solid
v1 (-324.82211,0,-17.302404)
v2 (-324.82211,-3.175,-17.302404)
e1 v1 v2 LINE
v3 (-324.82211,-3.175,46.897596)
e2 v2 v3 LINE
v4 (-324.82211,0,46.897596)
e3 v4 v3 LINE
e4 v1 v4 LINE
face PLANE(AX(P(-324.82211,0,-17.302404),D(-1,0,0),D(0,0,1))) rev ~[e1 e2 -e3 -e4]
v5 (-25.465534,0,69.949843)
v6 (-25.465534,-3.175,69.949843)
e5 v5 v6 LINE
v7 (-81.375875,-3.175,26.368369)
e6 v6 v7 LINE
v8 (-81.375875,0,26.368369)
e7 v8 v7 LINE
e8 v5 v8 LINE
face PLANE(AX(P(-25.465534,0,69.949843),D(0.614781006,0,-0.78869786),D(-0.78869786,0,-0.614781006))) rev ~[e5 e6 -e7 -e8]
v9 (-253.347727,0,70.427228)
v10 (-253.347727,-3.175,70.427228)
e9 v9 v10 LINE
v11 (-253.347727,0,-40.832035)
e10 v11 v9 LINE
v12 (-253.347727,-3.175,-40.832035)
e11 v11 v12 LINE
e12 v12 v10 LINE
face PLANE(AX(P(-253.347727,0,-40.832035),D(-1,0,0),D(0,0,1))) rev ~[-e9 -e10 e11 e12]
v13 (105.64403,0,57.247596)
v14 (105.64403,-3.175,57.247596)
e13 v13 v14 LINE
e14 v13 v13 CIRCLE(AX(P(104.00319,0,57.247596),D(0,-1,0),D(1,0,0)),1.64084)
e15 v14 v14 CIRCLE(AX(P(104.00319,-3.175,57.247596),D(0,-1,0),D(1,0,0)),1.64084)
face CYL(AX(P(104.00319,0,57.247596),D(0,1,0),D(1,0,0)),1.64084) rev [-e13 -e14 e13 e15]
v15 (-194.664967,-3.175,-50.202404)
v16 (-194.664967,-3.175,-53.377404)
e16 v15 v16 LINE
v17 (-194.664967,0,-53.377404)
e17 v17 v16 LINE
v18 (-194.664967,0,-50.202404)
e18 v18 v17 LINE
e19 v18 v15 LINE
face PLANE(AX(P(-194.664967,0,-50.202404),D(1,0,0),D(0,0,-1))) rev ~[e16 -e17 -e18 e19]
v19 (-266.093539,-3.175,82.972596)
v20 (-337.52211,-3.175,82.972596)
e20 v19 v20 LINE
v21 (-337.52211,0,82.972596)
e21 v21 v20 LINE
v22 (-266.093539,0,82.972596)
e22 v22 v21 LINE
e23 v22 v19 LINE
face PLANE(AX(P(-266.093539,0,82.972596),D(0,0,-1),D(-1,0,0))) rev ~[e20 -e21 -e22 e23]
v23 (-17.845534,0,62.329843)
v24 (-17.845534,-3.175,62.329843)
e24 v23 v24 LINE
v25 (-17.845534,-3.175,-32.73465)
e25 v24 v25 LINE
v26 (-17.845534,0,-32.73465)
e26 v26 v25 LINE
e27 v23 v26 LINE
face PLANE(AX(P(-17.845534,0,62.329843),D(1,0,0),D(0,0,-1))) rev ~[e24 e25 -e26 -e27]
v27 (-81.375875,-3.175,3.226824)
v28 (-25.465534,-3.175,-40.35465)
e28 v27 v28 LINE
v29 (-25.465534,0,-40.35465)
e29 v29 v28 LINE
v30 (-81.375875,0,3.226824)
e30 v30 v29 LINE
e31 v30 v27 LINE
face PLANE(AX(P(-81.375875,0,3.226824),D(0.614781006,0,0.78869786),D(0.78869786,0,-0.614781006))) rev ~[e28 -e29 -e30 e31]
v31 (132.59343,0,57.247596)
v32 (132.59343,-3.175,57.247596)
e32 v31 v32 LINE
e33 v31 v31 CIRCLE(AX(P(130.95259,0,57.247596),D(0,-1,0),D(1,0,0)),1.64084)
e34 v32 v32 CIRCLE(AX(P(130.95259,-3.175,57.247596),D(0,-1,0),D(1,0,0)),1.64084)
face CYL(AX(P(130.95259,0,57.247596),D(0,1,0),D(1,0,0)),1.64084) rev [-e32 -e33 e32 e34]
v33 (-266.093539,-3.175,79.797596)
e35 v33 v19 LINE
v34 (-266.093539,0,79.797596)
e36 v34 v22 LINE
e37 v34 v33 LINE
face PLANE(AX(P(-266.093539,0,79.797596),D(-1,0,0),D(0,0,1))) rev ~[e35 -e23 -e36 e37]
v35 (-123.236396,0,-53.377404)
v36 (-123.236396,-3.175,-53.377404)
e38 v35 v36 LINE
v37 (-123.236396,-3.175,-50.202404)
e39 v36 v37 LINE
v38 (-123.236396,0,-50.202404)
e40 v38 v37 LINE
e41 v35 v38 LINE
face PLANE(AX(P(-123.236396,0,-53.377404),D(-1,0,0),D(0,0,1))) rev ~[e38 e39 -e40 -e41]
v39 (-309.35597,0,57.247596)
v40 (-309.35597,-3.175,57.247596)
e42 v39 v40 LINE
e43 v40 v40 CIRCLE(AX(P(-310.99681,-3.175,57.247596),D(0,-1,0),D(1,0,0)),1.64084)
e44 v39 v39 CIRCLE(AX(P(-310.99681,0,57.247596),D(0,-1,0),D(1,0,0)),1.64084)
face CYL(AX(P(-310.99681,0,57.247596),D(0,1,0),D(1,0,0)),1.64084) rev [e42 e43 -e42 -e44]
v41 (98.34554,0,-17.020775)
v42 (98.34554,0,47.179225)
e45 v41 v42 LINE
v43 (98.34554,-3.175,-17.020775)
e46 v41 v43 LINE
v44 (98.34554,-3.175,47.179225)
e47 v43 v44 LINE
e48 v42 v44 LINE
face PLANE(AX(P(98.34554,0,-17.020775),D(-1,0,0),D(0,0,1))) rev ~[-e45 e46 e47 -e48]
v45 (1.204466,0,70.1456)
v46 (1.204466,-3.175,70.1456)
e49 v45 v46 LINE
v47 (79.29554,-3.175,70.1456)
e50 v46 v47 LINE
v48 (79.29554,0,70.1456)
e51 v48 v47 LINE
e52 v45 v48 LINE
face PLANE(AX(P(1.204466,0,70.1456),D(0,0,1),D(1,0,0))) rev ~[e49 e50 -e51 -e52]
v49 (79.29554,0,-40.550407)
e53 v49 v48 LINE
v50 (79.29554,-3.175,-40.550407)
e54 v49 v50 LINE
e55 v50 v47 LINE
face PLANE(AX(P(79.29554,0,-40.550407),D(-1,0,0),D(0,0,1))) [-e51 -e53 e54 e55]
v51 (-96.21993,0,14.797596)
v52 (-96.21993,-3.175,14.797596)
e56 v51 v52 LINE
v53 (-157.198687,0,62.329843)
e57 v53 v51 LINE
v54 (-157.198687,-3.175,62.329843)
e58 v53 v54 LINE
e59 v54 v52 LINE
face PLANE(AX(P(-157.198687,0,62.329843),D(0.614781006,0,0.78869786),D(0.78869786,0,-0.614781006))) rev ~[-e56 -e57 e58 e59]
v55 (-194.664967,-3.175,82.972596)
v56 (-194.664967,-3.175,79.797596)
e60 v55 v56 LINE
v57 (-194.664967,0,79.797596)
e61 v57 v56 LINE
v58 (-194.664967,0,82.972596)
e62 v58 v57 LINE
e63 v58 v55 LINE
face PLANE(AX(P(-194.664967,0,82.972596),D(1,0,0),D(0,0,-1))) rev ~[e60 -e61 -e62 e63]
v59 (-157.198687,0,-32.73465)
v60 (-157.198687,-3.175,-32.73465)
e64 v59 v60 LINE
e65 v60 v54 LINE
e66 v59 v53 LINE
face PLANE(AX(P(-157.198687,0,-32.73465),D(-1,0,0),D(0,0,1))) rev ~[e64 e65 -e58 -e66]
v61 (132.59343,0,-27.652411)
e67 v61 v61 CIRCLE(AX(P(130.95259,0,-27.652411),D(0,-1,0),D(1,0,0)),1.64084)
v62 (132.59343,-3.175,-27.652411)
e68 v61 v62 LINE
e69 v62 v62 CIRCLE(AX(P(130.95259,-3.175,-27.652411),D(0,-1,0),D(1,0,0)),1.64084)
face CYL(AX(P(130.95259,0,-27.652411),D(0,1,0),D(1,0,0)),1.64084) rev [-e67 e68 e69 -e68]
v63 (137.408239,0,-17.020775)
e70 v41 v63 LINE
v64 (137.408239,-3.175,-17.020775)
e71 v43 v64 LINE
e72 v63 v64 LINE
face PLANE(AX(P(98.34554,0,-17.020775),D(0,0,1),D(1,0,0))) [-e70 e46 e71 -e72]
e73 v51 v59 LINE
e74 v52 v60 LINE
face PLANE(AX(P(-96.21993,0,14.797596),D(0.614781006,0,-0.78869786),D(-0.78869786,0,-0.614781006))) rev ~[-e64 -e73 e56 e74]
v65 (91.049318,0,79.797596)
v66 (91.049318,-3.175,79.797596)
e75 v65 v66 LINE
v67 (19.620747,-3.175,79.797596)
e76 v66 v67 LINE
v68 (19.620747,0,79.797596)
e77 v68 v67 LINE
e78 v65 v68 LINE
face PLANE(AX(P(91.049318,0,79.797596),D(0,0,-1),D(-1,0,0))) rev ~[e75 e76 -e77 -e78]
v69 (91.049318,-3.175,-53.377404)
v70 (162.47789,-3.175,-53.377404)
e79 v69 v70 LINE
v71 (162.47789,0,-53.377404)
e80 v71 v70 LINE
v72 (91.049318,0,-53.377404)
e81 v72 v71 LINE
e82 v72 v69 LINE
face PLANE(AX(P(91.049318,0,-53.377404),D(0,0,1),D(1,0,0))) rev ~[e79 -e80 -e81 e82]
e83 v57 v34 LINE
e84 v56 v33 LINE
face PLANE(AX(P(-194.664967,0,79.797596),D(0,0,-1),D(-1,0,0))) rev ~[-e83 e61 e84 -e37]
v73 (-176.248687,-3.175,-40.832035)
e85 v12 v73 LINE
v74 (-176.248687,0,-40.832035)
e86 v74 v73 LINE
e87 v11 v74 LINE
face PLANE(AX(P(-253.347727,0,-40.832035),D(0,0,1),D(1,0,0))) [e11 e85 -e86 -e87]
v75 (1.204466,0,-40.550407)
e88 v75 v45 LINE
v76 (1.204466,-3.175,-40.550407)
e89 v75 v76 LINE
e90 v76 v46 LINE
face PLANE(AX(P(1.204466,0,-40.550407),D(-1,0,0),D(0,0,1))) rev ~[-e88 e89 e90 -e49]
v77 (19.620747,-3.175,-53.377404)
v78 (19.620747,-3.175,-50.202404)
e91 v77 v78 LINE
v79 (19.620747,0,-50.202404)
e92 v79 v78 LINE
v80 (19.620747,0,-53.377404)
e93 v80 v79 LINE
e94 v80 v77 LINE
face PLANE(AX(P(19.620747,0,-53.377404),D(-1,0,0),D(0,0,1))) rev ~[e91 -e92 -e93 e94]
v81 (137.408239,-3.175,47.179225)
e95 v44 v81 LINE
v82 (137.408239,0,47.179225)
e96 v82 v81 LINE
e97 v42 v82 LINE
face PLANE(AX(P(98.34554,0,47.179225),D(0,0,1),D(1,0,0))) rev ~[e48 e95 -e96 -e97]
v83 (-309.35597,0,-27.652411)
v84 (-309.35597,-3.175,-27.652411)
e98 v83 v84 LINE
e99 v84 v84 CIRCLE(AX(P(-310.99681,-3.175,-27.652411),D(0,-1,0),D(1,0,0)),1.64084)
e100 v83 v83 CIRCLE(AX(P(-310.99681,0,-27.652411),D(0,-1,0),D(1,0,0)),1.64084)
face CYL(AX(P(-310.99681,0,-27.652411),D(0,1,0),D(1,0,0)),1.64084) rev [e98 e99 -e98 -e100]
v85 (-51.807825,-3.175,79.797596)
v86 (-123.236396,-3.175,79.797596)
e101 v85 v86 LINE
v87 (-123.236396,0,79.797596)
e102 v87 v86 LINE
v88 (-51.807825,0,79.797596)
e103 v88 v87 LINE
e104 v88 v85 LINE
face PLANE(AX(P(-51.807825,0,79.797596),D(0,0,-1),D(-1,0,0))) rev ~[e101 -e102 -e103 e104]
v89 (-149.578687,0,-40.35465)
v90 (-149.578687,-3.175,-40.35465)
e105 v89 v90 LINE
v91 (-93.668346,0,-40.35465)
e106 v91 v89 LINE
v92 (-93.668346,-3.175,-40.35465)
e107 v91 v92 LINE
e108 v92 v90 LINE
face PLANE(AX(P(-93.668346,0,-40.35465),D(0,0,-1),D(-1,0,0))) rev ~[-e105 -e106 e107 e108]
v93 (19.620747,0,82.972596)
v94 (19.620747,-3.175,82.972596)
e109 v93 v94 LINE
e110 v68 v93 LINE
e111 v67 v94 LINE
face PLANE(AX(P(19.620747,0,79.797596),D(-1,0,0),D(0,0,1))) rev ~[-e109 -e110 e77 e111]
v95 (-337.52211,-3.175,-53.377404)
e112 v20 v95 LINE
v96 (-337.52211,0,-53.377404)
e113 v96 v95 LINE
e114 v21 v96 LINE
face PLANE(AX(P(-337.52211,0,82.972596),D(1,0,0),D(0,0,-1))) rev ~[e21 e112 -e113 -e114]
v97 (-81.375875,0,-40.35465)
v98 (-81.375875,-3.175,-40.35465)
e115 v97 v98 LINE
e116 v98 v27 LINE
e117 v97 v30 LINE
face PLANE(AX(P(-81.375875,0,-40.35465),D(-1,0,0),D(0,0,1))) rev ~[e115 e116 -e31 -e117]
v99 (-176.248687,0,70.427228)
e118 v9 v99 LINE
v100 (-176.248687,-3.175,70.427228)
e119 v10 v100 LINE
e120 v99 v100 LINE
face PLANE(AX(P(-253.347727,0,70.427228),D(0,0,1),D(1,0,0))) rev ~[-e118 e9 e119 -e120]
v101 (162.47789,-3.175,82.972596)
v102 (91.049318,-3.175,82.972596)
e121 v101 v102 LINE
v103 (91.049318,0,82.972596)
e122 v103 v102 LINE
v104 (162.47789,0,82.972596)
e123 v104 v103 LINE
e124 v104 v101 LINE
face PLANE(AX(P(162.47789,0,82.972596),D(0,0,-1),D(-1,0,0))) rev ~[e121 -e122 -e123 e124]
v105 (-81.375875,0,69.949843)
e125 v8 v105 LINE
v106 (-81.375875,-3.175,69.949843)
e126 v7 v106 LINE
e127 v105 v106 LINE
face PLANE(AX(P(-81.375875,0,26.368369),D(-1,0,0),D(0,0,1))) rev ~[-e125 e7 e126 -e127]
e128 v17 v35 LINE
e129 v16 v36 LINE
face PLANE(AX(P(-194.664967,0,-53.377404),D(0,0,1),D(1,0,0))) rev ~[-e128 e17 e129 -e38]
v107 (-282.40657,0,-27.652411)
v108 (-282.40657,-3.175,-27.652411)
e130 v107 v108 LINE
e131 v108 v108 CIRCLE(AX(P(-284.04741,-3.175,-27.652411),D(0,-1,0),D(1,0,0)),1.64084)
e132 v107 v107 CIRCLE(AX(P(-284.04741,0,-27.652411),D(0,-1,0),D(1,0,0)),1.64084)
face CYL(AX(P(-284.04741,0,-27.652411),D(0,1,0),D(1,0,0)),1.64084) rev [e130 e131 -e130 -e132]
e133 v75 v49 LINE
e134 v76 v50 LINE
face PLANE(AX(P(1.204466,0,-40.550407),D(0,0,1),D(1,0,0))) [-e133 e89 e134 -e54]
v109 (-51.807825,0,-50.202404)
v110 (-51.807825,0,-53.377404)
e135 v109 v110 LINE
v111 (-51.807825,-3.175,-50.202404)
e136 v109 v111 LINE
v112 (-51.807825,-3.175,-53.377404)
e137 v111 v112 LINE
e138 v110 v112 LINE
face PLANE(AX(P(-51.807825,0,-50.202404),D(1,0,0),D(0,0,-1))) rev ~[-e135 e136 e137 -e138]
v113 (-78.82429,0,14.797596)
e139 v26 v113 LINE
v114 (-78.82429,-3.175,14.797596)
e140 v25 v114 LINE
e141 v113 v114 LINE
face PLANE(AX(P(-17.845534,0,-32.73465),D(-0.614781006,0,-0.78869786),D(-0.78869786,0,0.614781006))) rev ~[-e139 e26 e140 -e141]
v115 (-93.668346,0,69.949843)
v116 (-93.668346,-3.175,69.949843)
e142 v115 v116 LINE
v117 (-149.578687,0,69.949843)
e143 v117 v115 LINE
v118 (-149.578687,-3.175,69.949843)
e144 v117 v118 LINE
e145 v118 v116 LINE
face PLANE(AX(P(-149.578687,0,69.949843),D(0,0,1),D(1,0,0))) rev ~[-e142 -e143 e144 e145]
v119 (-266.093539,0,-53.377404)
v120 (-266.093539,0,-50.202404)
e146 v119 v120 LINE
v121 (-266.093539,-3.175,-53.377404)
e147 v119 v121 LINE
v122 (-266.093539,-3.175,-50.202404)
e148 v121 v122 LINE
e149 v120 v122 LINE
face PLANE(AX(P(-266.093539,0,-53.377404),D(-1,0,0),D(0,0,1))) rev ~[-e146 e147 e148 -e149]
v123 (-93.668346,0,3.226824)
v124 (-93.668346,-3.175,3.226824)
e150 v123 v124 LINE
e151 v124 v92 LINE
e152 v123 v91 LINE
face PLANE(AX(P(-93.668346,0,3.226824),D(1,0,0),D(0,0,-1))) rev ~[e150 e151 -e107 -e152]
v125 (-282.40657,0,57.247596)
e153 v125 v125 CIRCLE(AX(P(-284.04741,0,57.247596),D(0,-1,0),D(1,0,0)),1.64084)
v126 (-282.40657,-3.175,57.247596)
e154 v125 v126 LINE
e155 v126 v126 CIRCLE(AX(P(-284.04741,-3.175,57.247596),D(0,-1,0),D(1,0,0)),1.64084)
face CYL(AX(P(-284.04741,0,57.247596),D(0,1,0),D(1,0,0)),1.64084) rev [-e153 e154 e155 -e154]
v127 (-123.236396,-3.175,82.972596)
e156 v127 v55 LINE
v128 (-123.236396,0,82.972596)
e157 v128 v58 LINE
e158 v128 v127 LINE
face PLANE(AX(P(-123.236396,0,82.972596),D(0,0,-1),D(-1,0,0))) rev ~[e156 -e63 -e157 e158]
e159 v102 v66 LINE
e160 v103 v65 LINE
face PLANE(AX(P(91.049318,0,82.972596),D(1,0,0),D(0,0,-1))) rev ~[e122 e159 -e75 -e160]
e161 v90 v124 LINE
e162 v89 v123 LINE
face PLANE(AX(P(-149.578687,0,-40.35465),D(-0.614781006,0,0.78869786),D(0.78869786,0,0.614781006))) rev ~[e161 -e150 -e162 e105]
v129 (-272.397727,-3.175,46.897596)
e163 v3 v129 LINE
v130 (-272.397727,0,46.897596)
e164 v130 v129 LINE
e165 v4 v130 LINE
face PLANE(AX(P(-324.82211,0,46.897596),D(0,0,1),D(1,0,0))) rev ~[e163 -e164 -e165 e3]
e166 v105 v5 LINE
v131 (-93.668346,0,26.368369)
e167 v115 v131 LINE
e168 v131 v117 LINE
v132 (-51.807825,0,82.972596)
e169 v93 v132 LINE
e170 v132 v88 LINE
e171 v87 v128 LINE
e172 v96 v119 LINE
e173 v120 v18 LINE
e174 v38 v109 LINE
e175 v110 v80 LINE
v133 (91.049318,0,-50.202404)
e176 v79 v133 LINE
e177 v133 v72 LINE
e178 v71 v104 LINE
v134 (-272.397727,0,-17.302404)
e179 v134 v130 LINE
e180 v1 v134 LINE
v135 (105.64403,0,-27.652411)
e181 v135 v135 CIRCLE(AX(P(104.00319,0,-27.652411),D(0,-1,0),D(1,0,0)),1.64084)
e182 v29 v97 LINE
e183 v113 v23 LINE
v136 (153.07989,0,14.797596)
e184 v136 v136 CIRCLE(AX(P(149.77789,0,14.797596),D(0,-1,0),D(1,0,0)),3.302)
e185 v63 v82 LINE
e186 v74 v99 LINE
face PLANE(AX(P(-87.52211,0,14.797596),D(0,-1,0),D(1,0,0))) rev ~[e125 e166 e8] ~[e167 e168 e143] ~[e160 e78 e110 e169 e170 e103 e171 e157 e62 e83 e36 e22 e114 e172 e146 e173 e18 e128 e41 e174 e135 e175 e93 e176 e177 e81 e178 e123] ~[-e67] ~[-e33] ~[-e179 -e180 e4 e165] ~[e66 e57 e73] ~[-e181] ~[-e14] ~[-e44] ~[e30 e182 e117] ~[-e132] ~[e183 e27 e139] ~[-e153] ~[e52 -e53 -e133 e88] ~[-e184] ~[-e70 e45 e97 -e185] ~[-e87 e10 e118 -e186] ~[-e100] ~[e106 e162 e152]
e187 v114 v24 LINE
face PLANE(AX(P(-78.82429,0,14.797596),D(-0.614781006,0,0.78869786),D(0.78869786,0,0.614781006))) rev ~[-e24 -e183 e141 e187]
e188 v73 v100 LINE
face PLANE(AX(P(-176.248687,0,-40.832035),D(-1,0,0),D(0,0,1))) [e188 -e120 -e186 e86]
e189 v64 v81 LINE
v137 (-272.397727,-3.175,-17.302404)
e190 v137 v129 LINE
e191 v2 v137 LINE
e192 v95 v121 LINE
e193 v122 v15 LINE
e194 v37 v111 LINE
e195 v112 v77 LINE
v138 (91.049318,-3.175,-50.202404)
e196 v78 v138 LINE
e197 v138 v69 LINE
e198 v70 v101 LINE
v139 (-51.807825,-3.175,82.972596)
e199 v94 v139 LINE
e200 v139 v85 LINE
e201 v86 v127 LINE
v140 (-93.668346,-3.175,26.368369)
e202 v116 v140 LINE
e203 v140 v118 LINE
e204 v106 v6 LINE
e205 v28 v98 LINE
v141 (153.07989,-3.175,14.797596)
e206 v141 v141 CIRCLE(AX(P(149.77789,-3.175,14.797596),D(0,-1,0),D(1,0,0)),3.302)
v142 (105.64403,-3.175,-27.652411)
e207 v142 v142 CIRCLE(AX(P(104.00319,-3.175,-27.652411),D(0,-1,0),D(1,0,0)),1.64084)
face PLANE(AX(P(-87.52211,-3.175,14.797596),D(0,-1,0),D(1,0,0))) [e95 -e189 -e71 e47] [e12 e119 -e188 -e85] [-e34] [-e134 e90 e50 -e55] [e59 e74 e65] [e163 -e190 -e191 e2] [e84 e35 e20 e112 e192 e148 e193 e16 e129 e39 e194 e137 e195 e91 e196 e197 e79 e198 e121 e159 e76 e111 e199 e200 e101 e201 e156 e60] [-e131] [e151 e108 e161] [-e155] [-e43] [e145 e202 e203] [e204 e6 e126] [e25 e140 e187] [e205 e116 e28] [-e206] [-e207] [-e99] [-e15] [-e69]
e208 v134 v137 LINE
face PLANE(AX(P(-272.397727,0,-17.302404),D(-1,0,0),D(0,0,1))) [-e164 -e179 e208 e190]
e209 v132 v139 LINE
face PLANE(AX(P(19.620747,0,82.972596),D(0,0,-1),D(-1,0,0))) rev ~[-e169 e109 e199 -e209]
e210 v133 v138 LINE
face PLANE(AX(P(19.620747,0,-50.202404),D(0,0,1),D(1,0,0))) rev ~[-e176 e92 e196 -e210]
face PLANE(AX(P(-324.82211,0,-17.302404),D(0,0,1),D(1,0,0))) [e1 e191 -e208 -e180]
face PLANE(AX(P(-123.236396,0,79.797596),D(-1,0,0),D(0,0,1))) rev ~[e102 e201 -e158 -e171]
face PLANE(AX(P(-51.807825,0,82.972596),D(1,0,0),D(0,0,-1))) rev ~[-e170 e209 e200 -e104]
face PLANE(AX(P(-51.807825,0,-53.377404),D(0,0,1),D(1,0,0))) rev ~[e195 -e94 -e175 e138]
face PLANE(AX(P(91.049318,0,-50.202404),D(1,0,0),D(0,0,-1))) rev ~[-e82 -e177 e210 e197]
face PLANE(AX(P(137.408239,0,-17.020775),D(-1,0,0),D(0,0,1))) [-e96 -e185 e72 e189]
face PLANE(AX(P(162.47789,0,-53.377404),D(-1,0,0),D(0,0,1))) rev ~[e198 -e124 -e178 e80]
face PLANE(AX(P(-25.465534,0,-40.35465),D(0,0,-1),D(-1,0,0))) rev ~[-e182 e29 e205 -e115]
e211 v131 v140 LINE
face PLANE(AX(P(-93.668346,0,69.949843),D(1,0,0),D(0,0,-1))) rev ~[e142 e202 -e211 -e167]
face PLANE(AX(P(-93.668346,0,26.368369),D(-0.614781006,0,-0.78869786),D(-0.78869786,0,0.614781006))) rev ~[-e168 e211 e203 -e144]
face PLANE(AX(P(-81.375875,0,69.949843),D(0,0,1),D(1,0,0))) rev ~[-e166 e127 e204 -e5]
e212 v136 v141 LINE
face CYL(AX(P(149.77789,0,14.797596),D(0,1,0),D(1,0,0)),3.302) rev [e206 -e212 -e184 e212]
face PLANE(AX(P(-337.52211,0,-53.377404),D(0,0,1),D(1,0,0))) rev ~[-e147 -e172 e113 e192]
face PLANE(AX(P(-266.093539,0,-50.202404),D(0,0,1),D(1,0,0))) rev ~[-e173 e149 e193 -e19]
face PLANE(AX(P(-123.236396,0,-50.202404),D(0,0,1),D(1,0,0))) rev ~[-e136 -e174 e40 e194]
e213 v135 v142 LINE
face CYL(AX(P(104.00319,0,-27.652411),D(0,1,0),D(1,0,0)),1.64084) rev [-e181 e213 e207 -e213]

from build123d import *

# Parameters (mm, degrees)
F0_R     = 1.64084
F0_W     = 52.4243835688
F0_H     = 64.2
F0_W_2   = 77.0990398764
F0_H_2   = 111.2592631512
F0_W_3   = 78.0910737813
F0_H_3   = 110.6960067088
F0_W_4   = 39.0626990616
F0_R_2   = 3.302
F1_DEPTH = 3.175


with BuildPart() as f1:
    # F0 (on Front) → F1 (new body)
    with BuildSketch(Plane.XZ):
        Polygon((162.477889657, -53.3774036679), (162.477889657, -50.2024036679), (162.477889657, 79.7975963321), (162.477889657, 82.9725963321), (91.0493182284, 82.9725963321), (91.0493182284, 79.7975963321), (19.6207467998, 79.7975963321), (19.6207467998, 82.9725963321), (-51.8078246287, 82.9725963321), (-51.8078246287, 79.7975963321), (-123.2363960573, 79.7975963321), (-123.2363960573, 82.9725963321), (-194.6649674859, 82.9725963321), (-194.6649674859, 79.7975963321), (-266.0935389144, 79.7975963321), (-266.0935389144, 82.9725963321), (-337.522110343, 82.9725963321), (-337.522110343, 79.7975963321), (-337.522110343, -50.2024036679), (-337.522110343, -53.3774036679), (-266.0935389144, -53.3774036679), (-266.0935389144, -50.2024036679), (-194.6649674859, -50.2024036679), (-194.6649674859, -53.3774036679), (-123.2363960573, -53.3774036679), (-123.2363960573, -50.2024036679), (-51.8078246287, -50.2024036679), (-51.8078246287, -53.3774036679), (19.6207467998, -53.3774036679), (19.6207467998, -50.2024036679), (91.0493182284, -50.2024036679), (91.0493182284, -53.3774036679), align=None)
        with Locations((-310.996810343, -27.6524106679)):
            Circle(F0_R, mode=Mode.SUBTRACT)
        with Locations((-284.047410343, -27.6524106679)):
            Circle(F0_R, mode=Mode.SUBTRACT)
        with Locations((104.003189657, -27.6524106675)):
            Circle(F0_R, mode=Mode.SUBTRACT)
        with Locations((130.952589657, -27.6524106675)):
            Circle(F0_R, mode=Mode.SUBTRACT)
        with Locations((-298.6099185586, 14.7975963321)):
            Rectangle(F0_W, F0_H, mode=Mode.SUBTRACT)
        with Locations((-214.798206836, 14.7975963321)):
            Rectangle(F0_W_2, F0_H_2, mode=Mode.SUBTRACT)
        with Locations((-310.996810343, 57.2475963321)):
            Circle(F0_R, mode=Mode.SUBTRACT)
        with Locations((-284.047410343, 57.2475963321)):
            Circle(F0_R, mode=Mode.SUBTRACT)
        Polygon((-17.8455337882, -32.7346504676), (-17.8455337882, -40.3546504676), (-25.4655337882, -40.3546504676), (-81.375874579, -40.3546504676), (-93.6683461071, -40.3546504676), (-149.5786868978, -40.3546504676), (-157.1986868978, -40.3546504676), (-157.1986868978, -32.7346504676), (-157.1986868978, 62.3298431318), (-157.1986868978, 69.9498431318), (-149.5786868978, 69.9498431318), (-93.6683461071, 69.9498431318), (-81.375874579, 69.9498431318), (-25.4655337882, 69.9498431318), (-17.8455337882, 69.9498431318), (-17.8455337882, 62.3298431318), align=None, mode=Mode.SUBTRACT)
        with Locations((40.2500031024, 14.7975963321)):
            Rectangle(F0_W_3, F0_H_3, mode=Mode.SUBTRACT)
        with Locations((117.8768895238, 15.0792245534)):
            Rectangle(F0_W_4, F0_H, mode=Mode.SUBTRACT)
        with Locations((149.777889657, 14.7975963321)):
            Circle(F0_R_2, mode=Mode.SUBTRACT)
        with Locations((104.003189657, 57.2475963321)):
            Circle(F0_R, mode=Mode.SUBTRACT)
        with Locations((130.952589657, 57.2475963321)):
            Circle(F0_R, mode=Mode.SUBTRACT)
        Polygon((-157.1986868978, 62.3298431318), (-96.2199302636, 14.7975963321), (-93.6683461071, 16.7865271426), (-93.6683461071, 26.3683687987), (-149.5786868978, 69.9498431318), (-157.1986868978, 69.9498431318), align=None)
        Polygon((-78.8242904225, 14.7975963321), (-17.8455337882, 62.3298431318), (-17.8455337882, 69.9498431318), (-25.4655337882, 69.9498431318), (-81.375874579, 26.3683687987), (-81.375874579, 16.7865271426), align=None)
        Polygon((-25.4655337882, -40.3546504676), (-17.8455337882, -40.3546504676), (-17.8455337882, -32.7346504676), (-78.8242904225, 14.7975963321), (-81.375874579, 12.8086655216), (-81.375874579, 3.2268238655), align=None)
        Polygon((-157.1986868978, -40.3546504676), (-149.5786868978, -40.3546504676), (-93.6683461071, 3.2268238655), (-93.6683461071, 12.8086655216), (-96.2199302636, 14.7975963321), (-157.1986868978, -32.7346504676), align=None)
        Polygon((-93.6683461071, -40.3546504676), (-81.375874579, -40.3546504676), (-81.375874579, 3.2268238655), (-87.522110343, 8.0177446935), (-93.6683461071, 3.2268238655), align=None)
        Polygon((-87.522110343, 8.0177446935), (-81.375874579, 3.2268238655), (-81.375874579, 12.8086655216), align=None)
        Polygon((-93.6683461071, 3.2268238655), (-87.522110343, 8.0177446935), (-93.6683461071, 12.8086655216), align=None)
        Polygon((-96.2199302636, 14.7975963321), (-93.6683461071, 12.8086655216), (-93.6683461071, 16.7865271426), align=None)
        Polygon((-93.6683461071, 12.8086655216), (-87.522110343, 8.0177446935), (-81.375874579, 12.8086655216), (-81.375874579, 16.7865271426), (-87.522110343, 21.5774479706), (-93.6683461071, 16.7865271426), align=None)
        Polygon((-87.522110343, 21.5774479706), (-81.375874579, 16.7865271426), (-81.375874579, 26.3683687987), align=None)
        Polygon((-93.6683461071, 16.7865271426), (-87.522110343, 21.5774479706), (-93.6683461071, 26.3683687987), align=None)
        Polygon((-93.6683461071, 26.3683687987), (-87.522110343, 21.5774479706), (-81.375874579, 26.3683687987), (-81.375874579, 69.9498431318), (-93.6683461071, 69.9498431318), align=None)
        Polygon((-81.375874579, 12.8086655216), (-78.8242904225, 14.7975963321), (-81.375874579, 16.7865271426), align=None)
    extrude(amount=F1_DEPTH)


solid = f1.part
